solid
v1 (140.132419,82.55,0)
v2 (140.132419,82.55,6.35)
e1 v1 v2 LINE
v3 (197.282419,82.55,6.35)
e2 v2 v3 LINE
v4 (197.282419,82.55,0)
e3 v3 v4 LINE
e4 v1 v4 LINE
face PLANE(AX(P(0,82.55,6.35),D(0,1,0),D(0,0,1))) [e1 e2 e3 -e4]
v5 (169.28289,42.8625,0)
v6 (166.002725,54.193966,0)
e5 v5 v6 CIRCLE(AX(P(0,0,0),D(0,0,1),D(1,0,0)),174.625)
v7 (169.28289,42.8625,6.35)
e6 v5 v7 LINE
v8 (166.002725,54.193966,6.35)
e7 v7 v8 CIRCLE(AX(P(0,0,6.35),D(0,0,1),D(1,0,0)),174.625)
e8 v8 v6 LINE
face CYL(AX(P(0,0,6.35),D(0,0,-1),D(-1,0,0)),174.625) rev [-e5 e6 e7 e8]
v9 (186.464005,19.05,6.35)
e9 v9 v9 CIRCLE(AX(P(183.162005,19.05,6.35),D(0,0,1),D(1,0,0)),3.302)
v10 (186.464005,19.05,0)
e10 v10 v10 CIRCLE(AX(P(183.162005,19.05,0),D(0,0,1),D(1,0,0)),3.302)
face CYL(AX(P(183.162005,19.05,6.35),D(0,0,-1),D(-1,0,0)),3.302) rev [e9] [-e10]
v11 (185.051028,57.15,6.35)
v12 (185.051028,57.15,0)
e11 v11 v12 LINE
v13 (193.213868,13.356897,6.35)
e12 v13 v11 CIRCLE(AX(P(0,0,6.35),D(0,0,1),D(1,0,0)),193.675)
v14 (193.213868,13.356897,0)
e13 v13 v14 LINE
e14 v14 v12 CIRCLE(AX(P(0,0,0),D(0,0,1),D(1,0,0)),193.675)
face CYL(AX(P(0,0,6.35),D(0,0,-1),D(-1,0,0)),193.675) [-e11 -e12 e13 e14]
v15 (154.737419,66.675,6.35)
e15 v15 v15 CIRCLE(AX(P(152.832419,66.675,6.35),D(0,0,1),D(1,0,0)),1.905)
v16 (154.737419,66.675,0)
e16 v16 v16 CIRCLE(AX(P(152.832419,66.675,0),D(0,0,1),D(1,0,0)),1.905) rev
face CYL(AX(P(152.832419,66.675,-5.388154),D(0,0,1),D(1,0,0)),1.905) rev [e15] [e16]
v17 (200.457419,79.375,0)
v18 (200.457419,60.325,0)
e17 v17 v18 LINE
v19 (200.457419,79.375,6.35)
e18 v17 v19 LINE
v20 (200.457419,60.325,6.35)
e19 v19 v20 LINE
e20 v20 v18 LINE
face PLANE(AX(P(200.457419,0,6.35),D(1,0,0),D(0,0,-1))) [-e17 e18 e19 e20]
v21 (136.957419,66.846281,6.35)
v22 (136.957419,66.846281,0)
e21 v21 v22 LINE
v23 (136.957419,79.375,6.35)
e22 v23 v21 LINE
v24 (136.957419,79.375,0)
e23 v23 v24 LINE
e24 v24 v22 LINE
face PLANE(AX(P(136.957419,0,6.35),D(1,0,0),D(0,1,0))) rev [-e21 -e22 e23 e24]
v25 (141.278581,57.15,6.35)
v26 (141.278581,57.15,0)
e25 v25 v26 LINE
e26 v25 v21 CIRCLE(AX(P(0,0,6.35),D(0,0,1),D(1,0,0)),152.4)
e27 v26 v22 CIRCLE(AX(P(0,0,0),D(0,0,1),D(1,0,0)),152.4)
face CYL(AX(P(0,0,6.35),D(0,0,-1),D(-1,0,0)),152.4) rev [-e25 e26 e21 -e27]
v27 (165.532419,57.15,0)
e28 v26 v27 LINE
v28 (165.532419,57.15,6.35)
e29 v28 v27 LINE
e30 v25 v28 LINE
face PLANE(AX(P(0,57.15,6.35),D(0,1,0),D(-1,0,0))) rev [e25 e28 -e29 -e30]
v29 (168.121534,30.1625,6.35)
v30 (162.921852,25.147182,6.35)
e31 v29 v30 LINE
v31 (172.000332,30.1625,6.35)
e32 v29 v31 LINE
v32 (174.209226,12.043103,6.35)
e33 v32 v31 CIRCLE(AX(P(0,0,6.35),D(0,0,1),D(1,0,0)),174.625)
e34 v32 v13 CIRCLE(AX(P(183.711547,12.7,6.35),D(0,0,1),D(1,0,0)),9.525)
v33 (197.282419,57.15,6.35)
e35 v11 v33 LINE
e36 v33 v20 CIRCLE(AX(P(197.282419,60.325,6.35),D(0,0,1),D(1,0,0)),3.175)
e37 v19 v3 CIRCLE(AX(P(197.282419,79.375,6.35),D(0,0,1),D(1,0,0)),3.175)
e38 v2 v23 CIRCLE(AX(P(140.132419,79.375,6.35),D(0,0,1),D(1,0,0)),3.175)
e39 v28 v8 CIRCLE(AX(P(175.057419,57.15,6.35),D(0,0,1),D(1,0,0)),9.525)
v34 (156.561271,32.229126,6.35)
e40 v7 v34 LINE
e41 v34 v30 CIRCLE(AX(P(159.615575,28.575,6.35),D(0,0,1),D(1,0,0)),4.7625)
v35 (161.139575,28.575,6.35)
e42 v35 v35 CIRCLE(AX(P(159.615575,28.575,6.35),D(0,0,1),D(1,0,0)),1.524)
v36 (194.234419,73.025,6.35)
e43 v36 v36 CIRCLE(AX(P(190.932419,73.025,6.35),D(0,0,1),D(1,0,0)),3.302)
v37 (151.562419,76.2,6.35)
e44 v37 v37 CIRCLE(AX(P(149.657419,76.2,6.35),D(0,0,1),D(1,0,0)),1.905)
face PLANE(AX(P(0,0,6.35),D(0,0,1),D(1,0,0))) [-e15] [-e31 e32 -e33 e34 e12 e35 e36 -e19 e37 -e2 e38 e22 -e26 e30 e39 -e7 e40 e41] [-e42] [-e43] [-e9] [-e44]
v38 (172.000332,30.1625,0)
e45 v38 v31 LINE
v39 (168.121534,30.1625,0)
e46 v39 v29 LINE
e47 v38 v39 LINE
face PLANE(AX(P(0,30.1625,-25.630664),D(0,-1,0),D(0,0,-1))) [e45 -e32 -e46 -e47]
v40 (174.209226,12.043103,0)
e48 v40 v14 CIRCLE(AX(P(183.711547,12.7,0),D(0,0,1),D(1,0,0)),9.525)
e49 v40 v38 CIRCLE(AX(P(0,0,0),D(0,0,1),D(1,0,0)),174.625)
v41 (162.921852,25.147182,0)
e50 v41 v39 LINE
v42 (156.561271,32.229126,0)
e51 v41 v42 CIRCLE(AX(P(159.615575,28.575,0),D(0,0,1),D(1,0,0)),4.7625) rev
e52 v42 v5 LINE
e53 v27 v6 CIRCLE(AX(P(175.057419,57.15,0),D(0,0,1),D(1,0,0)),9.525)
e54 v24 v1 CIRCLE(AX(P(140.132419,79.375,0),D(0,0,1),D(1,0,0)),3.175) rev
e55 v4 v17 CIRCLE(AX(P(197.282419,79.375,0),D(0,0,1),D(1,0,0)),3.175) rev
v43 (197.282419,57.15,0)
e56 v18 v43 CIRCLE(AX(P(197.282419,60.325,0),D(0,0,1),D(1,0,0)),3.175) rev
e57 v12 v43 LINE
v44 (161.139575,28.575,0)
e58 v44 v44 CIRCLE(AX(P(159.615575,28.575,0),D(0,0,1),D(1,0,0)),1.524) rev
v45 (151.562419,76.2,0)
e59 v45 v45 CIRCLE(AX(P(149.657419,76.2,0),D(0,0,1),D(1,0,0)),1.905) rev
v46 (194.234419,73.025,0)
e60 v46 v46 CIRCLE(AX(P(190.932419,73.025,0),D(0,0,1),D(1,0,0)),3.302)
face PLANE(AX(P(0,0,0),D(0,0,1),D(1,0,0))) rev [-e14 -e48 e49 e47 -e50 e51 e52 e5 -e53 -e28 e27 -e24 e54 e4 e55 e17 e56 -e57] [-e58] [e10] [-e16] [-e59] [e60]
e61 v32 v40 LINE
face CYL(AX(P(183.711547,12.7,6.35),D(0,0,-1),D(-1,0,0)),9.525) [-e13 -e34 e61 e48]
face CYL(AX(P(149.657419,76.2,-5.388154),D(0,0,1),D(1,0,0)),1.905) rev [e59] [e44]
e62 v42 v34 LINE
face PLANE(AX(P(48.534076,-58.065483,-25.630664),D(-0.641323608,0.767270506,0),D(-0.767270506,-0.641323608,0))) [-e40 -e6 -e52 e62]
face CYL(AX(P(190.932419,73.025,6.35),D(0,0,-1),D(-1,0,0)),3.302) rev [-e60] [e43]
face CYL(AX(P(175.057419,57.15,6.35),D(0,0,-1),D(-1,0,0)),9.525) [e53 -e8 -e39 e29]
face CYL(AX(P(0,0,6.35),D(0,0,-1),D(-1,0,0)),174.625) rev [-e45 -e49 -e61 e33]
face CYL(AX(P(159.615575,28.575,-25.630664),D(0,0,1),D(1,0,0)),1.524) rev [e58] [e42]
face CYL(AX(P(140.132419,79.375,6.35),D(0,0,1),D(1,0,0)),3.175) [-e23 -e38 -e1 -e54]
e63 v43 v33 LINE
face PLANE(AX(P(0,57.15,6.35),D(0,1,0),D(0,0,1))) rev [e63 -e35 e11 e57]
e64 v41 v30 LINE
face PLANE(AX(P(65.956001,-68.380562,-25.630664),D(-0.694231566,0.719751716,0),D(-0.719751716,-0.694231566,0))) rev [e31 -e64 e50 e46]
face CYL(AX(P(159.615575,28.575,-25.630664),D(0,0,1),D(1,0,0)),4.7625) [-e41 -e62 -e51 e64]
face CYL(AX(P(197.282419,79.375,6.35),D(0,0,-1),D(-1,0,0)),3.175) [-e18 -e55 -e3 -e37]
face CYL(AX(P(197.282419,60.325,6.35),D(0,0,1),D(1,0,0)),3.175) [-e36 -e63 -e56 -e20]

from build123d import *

# Parameters (mm, degrees)
SKETCH1_R           = 3.302
BOSS_EXTRUDE1_DEPTH = 6.35
FILLET1_R           = 3.175
SKETCH2_R           = 1.905
CUT_EXTRUDE2_DEPTH  = 6.35
BOSS_EXTRUDE2_START = -6.35
SKETCH3_R           = 1.524
BOSS_EXTRUDE2_DEPTH = 6.35


with BuildPart() as part:
    # Sketch1 → Boss-Extrude1 (new body)
    # profile 1 of 8: a face of its own
    with BuildSketch(Plane.XY):
        with BuildLine():
            Line((141.278581179, 57.15), (154.893148654, 57.15))
            ThreePointArc((154.893148654, 57.15), (149.477461353, 70.103484559), (142.980794165, 82.55))
            Line((142.980794165, 82.55), (136.957419152, 82.55))
            Line((136.957419152, 82.55), (136.957419152, 66.846281418))
            ThreePointArc((136.957419152, 66.846281418), (139.202451266, 62.035776465), (141.278581179, 57.15))
        make_face()
    # profile 2 of 8: a face of its own
    with BuildSketch(Plane.XY):
        with BuildLine():
            Line((154.893148654, 57.15), (165.008388044, 57.15))
            ThreePointArc((165.008388044, 57.15), (159.949723048, 70.071226062), (153.881084364, 82.55))
            Line((153.881084364, 82.55), (142.980794165, 82.55))
            ThreePointArc((142.980794165, 82.55), (149.477461353, 70.103484559), (154.893148654, 57.15))
        make_face()
    # profile 3 of 8: a face of its own
    with BuildSketch(Plane.XY):
        with BuildLine():
            Line((165.008388044, 57.15), (165.532419152, 57.15))
            ThreePointArc((165.532419152, 57.15), (173.560812364, 66.556688744), (184.112113246, 60.106034483))
            ThreePointArc((184.112113246, 60.106034483), (180.006858286, 71.467031526), (175.201321699, 82.55))
            Line((175.201321699, 82.55), (153.881084364, 82.55))
            ThreePointArc((153.881084364, 82.55), (159.949723048, 70.071226062), (165.008388044, 57.15))
        make_face()
    # profile 4 of 8: a face of its own
    with BuildSketch(Plane.XY):
        with BuildLine():
            ThreePointArc((184.112113246, 60.106034483), (184.587488278, 58.629896777), (185.051028435, 57.15))
            Line((185.051028435, 57.15), (194.997737166, 57.15))
            Line((194.997737166, 57.15), (200.457419152, 57.15))
            Line((200.457419152, 57.15), (200.457419152, 82.55))
            Line((200.457419152, 82.55), (175.201321699, 82.55))
            ThreePointArc((175.201321699, 82.55), (180.006858286, 71.467031526), (184.112113246, 60.106034483))
        make_face()
        with Locations((190.932419152, 73.025)):
            Circle(SKETCH1_R, mode=Mode.SUBTRACT)
    # profile 5 of 8: a face of its own
    with BuildSketch(Plane.XY):
        with BuildLine():
            Line((165.532419152, 57.15), (175.057419152, 57.15))
            Line((175.057419152, 57.15), (185.051028435, 57.15))
            ThreePointArc((185.051028435, 57.15), (184.587488278, 58.629896777), (184.112113246, 60.106034483))
            ThreePointArc((184.112113246, 60.106034483), (173.560812364, 66.556688744), (165.532419152, 57.15))
        make_face()
    # profile 6 of 8: a face of its own
    with BuildSketch(Plane.XY):
        with BuildLine():
            Line((185.051028435, 57.15), (175.057419152, 57.15))
            ThreePointArc((175.057419152, 57.15), (179.769184167, 39.92822215), (182.790987009, 22.331089728))
            ThreePointArc((182.790987009, 22.331089728), (185.361789246, 21.512549972), (186.464004794, 19.05))
            ThreePointArc((186.464004794, 19.05), (185.604733587, 16.828225925), (183.474131965, 15.762785278))
            ThreePointArc((183.474131965, 15.762785278), (183.905882161, 9.478871593), (184.122474139, 3.183868229))
            ThreePointArc((184.122474139, 3.183868229), (190.813712192, 6.352963326), (193.213868393, 13.356896552))
            ThreePointArc((193.213868393, 13.356896552), (190.395751057, 35.488922277), (185.051028435, 57.15))
        make_face()
    # profile 7 of 8: a face of its own
    with BuildSketch(Plane.XY):
        with BuildLine():
            ThreePointArc((182.790987009, 22.331089728), (179.769184167, 39.92822215), (175.057419152, 57.15))
            Line((175.057419152, 57.15), (165.538614463, 56.806514484))
            ThreePointArc((165.538614463, 56.806514484), (165.679249432, 55.483999485), (166.002725058, 54.193965517))
            ThreePointArc((166.002725058, 54.193965517), (171.406582826, 33.37175436), (174.209225601, 12.043103448))
            ThreePointArc((174.209225601, 12.043103448), (177.364510323, 5.597834805), (184.122474139, 3.183868229))
            ThreePointArc((184.122474139, 3.183868229), (183.905882161, 9.478871593), (183.474131965, 15.762785278))
            ThreePointArc((183.474131965, 15.762785278), (179.87772057, 18.708413793), (182.790987009, 22.331089728))
        make_face()
    # profile 8 of 8: a face of its own
    with BuildSketch(Plane.XY):
        with BuildLine():
            Line((165.538614463, 56.806514484), (175.057419152, 57.15))
            Line((175.057419152, 57.15), (165.532419152, 57.15))
            ThreePointArc((165.532419152, 57.15), (165.533968105, 56.978229309), (165.538614463, 56.806514484))
        make_face()
    extrude(amount=BOSS_EXTRUDE1_DEPTH)

    # Fillet1
    fillet1_edges = [part.edges().sort_by_distance(p)[0] for p in [
        (136.957419152, 82.55, 3.175),
        (200.457419152, 82.55, 3.175),
        (200.457419152, 57.15, 3.175),
    ]]
    fillet(fillet1_edges, radius=FILLET1_R)

    # Sketch2 → Cut-Extrude2 (cut)
    with BuildSketch(Plane.XY.offset(6.35)):
        with Locations((149.657419152, 76.2)):
            Circle(SKETCH2_R)
        with Locations((152.832419152, 66.675)):
            Circle(SKETCH2_R)
    extrude(amount=-CUT_EXTRUDE2_DEPTH, mode=Mode.SUBTRACT)

    # Sketch3 → Boss-Extrude2 (add)
    with BuildSketch(Plane.XY.offset(6.35).offset(BOSS_EXTRUDE2_START)):
        with BuildLine():
            ThreePointArc((172.000332031, 30.1625), (170.759719622, 36.537771957), (169.282889622, 42.8625))
            Line((169.282889622, 42.8625), (156.561270912, 32.229125785))
            ThreePointArc((156.561270912, 32.229125785), (156.072362343, 25.392696876), (162.921852432, 25.147182454))
            Line((162.921852432, 25.147182454), (168.121534475, 30.1625))
            Line((168.121534475, 30.1625), (172.000332031, 30.1625))
        make_face()
        with Locations((159.615574597, 28.575)):
            Circle(SKETCH3_R, mode=Mode.SUBTRACT)
    extrude(amount=BOSS_EXTRUDE2_DEPTH)


solid = part.part
